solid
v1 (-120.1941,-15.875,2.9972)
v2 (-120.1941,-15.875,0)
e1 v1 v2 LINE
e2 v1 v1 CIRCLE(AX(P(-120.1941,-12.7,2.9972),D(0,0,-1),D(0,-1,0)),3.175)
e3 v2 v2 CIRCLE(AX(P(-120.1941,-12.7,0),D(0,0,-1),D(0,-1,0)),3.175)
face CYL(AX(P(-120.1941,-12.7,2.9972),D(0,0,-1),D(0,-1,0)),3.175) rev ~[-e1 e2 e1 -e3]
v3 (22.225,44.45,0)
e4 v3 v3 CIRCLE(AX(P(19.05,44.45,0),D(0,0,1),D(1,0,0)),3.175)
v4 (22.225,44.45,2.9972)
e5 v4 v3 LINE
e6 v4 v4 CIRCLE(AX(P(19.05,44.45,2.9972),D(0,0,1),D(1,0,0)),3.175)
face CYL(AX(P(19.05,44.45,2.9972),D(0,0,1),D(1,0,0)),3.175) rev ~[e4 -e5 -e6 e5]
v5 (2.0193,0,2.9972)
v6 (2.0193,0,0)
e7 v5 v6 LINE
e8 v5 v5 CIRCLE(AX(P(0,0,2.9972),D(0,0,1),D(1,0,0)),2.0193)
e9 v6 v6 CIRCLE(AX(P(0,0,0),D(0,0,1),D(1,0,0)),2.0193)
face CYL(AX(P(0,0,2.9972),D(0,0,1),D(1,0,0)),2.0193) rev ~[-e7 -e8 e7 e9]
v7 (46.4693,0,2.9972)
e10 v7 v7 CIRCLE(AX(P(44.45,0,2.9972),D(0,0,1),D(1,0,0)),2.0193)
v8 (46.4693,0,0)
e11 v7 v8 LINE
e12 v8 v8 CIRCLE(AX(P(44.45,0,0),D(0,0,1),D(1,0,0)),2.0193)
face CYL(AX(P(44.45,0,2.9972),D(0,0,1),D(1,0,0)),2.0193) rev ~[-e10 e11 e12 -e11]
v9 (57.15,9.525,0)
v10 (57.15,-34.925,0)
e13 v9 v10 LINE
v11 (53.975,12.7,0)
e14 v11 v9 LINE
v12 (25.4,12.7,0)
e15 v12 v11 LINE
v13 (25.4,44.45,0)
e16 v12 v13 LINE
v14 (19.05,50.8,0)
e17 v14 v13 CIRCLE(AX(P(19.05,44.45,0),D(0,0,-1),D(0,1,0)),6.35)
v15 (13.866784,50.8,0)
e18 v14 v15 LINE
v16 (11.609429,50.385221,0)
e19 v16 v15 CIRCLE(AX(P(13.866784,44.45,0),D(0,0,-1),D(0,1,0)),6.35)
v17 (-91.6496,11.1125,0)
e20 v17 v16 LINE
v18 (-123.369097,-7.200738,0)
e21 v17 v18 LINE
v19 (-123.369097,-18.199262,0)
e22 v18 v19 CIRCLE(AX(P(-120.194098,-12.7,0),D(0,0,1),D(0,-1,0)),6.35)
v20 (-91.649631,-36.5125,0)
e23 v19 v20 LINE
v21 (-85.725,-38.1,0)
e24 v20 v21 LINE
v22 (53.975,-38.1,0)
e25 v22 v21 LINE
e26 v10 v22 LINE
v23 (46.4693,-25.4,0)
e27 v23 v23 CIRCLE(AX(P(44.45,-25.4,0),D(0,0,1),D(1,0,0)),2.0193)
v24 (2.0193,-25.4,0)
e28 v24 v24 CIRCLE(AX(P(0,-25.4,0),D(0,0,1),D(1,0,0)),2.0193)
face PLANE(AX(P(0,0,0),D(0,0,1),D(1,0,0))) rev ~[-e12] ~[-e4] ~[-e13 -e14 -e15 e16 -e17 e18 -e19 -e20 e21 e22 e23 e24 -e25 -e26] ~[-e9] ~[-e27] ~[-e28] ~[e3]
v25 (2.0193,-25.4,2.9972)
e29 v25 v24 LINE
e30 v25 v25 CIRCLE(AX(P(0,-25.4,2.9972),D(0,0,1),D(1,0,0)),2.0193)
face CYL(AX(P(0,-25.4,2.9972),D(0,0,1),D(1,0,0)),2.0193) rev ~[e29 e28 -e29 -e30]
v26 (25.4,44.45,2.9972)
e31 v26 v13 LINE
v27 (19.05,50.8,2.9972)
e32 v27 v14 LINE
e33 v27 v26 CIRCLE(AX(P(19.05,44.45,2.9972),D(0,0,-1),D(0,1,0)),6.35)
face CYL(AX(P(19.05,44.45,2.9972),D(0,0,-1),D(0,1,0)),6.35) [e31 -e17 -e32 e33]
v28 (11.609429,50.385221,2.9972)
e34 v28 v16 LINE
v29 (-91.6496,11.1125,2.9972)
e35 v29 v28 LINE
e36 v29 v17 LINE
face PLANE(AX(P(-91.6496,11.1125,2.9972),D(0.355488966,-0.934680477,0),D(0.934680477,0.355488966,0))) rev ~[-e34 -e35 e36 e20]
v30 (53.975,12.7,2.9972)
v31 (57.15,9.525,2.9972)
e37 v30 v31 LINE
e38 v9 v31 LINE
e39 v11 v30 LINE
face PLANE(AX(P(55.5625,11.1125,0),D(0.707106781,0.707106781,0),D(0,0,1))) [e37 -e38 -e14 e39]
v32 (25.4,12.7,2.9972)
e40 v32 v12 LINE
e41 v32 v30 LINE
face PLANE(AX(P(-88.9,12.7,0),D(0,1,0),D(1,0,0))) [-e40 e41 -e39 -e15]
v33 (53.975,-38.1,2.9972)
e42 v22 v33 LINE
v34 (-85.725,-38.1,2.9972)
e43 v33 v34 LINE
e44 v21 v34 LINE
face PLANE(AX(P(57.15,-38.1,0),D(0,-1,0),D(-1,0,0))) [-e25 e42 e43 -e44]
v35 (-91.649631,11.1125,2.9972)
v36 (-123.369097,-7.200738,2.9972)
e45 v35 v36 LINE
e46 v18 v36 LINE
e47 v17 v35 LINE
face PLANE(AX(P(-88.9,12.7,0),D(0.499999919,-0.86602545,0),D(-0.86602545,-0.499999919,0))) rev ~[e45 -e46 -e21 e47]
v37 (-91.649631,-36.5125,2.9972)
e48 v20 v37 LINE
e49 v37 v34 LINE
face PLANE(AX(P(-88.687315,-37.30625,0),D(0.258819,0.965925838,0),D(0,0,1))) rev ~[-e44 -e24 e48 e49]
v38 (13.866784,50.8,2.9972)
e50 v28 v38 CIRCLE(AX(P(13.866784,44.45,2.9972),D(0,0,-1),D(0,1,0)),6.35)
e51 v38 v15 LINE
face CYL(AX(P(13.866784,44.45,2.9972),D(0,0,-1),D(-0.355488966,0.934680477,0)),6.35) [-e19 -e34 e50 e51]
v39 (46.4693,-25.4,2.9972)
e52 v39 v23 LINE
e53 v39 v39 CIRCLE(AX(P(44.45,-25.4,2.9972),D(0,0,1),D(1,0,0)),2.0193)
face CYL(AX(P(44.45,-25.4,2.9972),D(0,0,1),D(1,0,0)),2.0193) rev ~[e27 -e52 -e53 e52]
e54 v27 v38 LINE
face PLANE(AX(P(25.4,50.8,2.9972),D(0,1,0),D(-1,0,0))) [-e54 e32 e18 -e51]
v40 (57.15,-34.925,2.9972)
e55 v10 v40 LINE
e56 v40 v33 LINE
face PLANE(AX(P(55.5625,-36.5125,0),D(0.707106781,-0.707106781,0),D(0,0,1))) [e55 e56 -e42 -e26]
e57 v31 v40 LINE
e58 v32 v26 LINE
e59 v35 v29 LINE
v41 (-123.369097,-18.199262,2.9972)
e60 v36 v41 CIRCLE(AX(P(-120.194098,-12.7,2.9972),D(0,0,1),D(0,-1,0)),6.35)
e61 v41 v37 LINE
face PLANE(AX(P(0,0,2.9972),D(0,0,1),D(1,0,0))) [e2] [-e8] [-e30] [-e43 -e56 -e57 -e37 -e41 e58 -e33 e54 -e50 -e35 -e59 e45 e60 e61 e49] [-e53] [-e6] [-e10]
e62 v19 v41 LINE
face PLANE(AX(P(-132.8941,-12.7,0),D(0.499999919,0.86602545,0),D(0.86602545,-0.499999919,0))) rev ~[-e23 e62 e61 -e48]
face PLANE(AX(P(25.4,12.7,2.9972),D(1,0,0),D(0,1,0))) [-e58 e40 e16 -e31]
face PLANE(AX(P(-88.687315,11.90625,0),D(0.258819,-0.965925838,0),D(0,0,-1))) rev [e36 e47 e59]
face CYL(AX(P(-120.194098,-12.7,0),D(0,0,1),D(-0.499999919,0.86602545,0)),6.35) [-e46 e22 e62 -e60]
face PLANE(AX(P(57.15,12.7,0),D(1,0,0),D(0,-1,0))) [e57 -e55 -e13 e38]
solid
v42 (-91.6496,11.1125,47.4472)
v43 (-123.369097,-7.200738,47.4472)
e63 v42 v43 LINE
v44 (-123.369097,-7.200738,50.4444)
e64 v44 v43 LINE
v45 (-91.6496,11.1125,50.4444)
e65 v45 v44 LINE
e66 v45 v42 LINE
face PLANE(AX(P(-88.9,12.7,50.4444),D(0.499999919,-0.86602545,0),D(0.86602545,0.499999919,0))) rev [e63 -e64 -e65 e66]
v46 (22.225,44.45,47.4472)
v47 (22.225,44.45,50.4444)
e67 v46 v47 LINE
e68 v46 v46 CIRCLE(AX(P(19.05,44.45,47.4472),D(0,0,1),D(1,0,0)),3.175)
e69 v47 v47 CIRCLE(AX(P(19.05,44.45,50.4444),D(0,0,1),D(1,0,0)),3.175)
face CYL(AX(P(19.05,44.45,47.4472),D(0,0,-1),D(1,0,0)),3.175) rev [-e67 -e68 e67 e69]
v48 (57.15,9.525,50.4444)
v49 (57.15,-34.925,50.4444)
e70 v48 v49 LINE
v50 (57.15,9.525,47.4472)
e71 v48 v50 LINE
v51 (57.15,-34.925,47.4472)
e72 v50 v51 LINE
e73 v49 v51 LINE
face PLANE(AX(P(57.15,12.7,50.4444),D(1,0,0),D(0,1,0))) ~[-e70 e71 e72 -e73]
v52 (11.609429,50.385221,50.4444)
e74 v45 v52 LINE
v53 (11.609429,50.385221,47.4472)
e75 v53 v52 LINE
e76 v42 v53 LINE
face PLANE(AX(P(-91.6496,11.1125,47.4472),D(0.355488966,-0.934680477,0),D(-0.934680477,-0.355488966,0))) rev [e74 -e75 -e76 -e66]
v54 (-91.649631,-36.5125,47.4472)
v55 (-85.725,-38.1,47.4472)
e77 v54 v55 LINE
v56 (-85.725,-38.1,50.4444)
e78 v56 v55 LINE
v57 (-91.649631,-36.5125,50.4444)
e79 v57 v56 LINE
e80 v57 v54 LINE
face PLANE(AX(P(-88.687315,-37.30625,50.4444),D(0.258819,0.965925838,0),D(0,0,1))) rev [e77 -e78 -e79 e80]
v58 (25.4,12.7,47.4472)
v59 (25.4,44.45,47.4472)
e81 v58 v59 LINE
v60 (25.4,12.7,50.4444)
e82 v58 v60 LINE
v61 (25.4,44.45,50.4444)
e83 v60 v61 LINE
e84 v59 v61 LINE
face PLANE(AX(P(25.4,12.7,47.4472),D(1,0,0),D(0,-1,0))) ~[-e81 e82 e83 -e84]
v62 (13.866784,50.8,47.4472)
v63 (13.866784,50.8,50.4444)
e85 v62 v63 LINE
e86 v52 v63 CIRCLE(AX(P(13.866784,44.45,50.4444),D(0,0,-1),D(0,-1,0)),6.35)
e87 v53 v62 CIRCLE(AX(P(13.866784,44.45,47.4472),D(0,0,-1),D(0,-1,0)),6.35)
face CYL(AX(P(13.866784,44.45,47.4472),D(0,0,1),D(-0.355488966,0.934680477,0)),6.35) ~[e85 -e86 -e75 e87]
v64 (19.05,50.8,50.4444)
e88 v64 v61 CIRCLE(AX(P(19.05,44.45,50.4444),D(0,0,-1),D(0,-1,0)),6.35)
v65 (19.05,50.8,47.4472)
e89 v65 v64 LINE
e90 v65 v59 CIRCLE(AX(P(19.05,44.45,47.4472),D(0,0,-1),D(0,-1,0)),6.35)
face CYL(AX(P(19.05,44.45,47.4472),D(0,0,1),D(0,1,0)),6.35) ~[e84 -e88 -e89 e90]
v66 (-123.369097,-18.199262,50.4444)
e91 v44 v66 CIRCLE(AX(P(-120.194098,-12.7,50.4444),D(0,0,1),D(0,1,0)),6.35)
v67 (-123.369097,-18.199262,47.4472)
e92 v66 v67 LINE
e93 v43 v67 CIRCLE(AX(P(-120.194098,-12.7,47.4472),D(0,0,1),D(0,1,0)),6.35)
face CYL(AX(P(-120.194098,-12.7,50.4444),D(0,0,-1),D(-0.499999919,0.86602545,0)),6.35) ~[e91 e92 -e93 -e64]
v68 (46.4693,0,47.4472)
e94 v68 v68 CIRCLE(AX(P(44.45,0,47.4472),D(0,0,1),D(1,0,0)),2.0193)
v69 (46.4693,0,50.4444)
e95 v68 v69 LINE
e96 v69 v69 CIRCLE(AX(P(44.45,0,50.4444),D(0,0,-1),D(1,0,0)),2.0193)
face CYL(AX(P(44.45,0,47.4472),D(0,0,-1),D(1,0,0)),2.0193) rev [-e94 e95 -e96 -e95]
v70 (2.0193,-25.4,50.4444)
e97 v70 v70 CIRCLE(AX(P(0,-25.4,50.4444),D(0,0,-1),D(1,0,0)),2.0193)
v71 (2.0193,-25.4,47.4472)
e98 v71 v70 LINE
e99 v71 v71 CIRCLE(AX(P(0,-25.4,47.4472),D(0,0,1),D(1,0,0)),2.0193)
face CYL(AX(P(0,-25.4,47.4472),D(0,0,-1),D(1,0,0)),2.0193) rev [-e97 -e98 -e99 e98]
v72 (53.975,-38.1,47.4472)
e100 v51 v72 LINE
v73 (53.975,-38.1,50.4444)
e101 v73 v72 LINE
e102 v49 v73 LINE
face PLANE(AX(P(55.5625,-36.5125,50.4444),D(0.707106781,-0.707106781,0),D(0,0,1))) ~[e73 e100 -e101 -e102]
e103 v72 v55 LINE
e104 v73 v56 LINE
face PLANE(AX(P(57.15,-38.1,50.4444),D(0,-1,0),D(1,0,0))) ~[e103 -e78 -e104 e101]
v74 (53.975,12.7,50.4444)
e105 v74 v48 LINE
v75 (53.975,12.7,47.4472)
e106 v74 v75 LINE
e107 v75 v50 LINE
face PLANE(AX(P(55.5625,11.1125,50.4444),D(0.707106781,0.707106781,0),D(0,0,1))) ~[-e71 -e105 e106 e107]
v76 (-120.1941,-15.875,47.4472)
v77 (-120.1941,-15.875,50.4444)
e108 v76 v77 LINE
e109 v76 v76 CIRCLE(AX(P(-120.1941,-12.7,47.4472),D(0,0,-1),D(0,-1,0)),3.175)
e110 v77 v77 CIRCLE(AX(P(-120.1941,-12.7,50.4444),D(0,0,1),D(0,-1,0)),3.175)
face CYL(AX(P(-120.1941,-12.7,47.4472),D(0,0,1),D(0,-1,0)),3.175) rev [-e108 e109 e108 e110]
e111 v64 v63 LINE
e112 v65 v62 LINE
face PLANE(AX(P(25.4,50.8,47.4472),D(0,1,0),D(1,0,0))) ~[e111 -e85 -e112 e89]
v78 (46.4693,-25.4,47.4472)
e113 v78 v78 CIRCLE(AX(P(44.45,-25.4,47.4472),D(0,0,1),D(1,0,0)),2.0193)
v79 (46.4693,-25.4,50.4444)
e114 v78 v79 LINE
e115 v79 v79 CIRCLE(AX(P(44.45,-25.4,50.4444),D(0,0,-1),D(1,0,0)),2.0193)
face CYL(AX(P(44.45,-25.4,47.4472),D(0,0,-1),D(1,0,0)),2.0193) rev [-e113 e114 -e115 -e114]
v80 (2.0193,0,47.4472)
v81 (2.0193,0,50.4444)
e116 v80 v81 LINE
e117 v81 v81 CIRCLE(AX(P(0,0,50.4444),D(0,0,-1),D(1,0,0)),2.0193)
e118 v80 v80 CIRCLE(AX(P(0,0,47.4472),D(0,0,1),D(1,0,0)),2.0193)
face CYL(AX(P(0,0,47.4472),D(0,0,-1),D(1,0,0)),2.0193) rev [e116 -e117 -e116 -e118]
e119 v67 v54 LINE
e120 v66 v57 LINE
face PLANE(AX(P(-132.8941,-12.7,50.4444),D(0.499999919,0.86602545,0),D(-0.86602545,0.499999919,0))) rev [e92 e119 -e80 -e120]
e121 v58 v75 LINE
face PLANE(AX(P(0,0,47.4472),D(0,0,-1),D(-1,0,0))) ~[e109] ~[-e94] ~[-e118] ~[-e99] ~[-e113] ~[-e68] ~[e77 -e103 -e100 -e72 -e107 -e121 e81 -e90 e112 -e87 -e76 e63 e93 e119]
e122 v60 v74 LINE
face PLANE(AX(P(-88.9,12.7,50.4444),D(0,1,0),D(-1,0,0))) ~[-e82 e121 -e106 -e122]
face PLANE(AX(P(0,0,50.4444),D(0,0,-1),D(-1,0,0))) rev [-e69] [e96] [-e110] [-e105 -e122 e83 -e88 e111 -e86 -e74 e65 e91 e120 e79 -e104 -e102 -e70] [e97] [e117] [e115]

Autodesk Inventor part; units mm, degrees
ref_plane "YZ Plane" through (0, 0, 0) normal (1, 0, 0) x (0, 1, 0)
ref_plane "XZ Plane" through (0, 0, 0) normal (0, 1, 0) x (-1, 0, 0)
sketch "Sketch1" plane through (0, 0, 0) normal (0, 0, 1) x (1, 0, 0)
  line L0 (0, 0) -> (44.45, 0) construction
  line L1 (44.45, 0) -> (44.45, -25.4) construction
  line L2 (44.45, -25.4) -> (0, -25.4) construction
  line L3 (0, -25.4) -> (0, 0) construction
  line L4 (-88.9, 12.7) -> (57.15, 12.7)
  line L5 (57.15, 12.7) -> (57.15, -38.1)
  line L6 (57.15, -38.1) -> (-88.9, -38.1)
  line L7 (-88.9, 12.7) -> (-132.8941, -12.7)
  line L8 (-132.8941, -12.7) -> (-88.9, -38.1)
  line L9 (-88.9, 12.7) -> (-88.9, -38.1) construction
  dimension "d0" = 44.45
  dimension "d1" = 25.4
  dimension "d2" = 12.7
  dimension "d3" = 12.7
  dimension "d5" = 12.7
  dimension "d37" = 146.05
  dimension "d38" = 50.8
extrude "Extrusion1" add sketch "Sketch1" along normal blind 2.9972
sketch "Sketch2" plane through (0, 0, 2.9972) normal (0, 0, 1) x (1, 0, 0)
  line L0 (0, -25.4) -> (44.45, -25.4) construction
  line L1 (44.45, -25.4) -> (44.45, 0) construction
  line L2 (44.45, 0) -> (0, 0) construction
  line L3 (0, 0) -> (0, -25.4) construction
  line L4 (-88.9, -38.1) -> (57.15, -38.1) projected
  line L5 (57.15, -38.1) -> (57.15, 12.7) projected
  circle A0 centre (0, 0) radius 2.0193
  circle A1 centre (44.45, 0) radius 2.0193
  circle A2 centre (44.45, -25.4) radius 2.0193
  circle A3 centre (0, -25.4) radius 2.0193
  point P0 (0, 0)
  dimension "d8" = 12.7
  dimension "d9" = 25.4
  dimension "d10" = 12.7
  dimension "d11" = 44.45
  dimension "d12" = 4.0386
extrude "Extrusion2" cut sketch "Sketch2" against normal through all
fillet "Fillet1" radius 6.35 1 edges at (-132.8941, -12.7, 1.4986)
chamfer "Chamfer1" distance 3.175 angle 45 4 edges at (57.15, 12.7, 1.4986) (57.15, -38.1, 1.4986) (-88.9, 12.7, 1.4986) (-88.9, -38.1, 1.4986)
sketch "Sketch3" plane through (0, 0, 2.9972) normal (0, 0, 1) x (1, 0, 0)
  arc A0 (-123.3691, -7.2007) -> (-123.3691, -18.1993) centre (-120.1941, -12.7) ccw projected
  circle A1 centre (-120.1941, -12.7) radius 3.175
  point P0 (0, 0)
  dimension "d19" = 6.35
hole "Hole1" at (-120.1941, -12.7, 2.9972) direction (0, 0, -1) diameter 6.35 end through all
sketch "Sketch4" plane through (0, 0, 2.9972) normal (0, 0, 1) x (1, 0, 0)
  circle A0 centre (19.05, 44.45) radius 3.175
  line L0 (53.975, 12.7) -> (-85.725, 12.7) projected
  line L1 (12.7, 12.7) -> (25.4, 12.7)
  line L2 (25.4, 12.7) -> (25.4, 50.8)
  line L3 (25.4, 50.8) -> (12.7, 50.8)
  line L4 (12.7, 50.8) -> (12.7, 12.7)
  line L5 (57.15, -34.925) -> (57.15, 9.525) projected
  line L6 (-91.6496, 11.1125) -> (-123.3691, -7.2007) projected
  line L7 (-91.6496, 11.1125) -> (12.7, 50.8)
  line L8 (-91.6496, 11.1125) -> (12.7, 12.7)
  point P0 (0, 0)
  dimension "d27" = 6.35
  dimension "d28" = 6.35
  dimension "d29" = 12.7
  dimension "d30" = 6.35
  dimension "d31" = 31.75
  dimension "d32" = 38.1
extrude "Extrusion3" add sketch "Sketch4" against normal blind 2.9972
fillet "Fillet2" radius 6.35 2 edges at (25.4, 50.8, 1.4986) (12.7, 50.8, 1.4986)
ref_plane "Work Plane1" through (0, 0, 25.2222) normal (0, 0, 1) x (1, 0, 0)
mirror "Mirror1" about plane through (0, 0, 25.2222) normal (0, 0, 1) of "Extrusion1", "Extrusion2", "Fillet1", "Chamfer1", "Hole1", "Extrusion3", "Fillet2"
properties part number "Papa John Mounting Plate" material "Polycarbonate, Clear"
